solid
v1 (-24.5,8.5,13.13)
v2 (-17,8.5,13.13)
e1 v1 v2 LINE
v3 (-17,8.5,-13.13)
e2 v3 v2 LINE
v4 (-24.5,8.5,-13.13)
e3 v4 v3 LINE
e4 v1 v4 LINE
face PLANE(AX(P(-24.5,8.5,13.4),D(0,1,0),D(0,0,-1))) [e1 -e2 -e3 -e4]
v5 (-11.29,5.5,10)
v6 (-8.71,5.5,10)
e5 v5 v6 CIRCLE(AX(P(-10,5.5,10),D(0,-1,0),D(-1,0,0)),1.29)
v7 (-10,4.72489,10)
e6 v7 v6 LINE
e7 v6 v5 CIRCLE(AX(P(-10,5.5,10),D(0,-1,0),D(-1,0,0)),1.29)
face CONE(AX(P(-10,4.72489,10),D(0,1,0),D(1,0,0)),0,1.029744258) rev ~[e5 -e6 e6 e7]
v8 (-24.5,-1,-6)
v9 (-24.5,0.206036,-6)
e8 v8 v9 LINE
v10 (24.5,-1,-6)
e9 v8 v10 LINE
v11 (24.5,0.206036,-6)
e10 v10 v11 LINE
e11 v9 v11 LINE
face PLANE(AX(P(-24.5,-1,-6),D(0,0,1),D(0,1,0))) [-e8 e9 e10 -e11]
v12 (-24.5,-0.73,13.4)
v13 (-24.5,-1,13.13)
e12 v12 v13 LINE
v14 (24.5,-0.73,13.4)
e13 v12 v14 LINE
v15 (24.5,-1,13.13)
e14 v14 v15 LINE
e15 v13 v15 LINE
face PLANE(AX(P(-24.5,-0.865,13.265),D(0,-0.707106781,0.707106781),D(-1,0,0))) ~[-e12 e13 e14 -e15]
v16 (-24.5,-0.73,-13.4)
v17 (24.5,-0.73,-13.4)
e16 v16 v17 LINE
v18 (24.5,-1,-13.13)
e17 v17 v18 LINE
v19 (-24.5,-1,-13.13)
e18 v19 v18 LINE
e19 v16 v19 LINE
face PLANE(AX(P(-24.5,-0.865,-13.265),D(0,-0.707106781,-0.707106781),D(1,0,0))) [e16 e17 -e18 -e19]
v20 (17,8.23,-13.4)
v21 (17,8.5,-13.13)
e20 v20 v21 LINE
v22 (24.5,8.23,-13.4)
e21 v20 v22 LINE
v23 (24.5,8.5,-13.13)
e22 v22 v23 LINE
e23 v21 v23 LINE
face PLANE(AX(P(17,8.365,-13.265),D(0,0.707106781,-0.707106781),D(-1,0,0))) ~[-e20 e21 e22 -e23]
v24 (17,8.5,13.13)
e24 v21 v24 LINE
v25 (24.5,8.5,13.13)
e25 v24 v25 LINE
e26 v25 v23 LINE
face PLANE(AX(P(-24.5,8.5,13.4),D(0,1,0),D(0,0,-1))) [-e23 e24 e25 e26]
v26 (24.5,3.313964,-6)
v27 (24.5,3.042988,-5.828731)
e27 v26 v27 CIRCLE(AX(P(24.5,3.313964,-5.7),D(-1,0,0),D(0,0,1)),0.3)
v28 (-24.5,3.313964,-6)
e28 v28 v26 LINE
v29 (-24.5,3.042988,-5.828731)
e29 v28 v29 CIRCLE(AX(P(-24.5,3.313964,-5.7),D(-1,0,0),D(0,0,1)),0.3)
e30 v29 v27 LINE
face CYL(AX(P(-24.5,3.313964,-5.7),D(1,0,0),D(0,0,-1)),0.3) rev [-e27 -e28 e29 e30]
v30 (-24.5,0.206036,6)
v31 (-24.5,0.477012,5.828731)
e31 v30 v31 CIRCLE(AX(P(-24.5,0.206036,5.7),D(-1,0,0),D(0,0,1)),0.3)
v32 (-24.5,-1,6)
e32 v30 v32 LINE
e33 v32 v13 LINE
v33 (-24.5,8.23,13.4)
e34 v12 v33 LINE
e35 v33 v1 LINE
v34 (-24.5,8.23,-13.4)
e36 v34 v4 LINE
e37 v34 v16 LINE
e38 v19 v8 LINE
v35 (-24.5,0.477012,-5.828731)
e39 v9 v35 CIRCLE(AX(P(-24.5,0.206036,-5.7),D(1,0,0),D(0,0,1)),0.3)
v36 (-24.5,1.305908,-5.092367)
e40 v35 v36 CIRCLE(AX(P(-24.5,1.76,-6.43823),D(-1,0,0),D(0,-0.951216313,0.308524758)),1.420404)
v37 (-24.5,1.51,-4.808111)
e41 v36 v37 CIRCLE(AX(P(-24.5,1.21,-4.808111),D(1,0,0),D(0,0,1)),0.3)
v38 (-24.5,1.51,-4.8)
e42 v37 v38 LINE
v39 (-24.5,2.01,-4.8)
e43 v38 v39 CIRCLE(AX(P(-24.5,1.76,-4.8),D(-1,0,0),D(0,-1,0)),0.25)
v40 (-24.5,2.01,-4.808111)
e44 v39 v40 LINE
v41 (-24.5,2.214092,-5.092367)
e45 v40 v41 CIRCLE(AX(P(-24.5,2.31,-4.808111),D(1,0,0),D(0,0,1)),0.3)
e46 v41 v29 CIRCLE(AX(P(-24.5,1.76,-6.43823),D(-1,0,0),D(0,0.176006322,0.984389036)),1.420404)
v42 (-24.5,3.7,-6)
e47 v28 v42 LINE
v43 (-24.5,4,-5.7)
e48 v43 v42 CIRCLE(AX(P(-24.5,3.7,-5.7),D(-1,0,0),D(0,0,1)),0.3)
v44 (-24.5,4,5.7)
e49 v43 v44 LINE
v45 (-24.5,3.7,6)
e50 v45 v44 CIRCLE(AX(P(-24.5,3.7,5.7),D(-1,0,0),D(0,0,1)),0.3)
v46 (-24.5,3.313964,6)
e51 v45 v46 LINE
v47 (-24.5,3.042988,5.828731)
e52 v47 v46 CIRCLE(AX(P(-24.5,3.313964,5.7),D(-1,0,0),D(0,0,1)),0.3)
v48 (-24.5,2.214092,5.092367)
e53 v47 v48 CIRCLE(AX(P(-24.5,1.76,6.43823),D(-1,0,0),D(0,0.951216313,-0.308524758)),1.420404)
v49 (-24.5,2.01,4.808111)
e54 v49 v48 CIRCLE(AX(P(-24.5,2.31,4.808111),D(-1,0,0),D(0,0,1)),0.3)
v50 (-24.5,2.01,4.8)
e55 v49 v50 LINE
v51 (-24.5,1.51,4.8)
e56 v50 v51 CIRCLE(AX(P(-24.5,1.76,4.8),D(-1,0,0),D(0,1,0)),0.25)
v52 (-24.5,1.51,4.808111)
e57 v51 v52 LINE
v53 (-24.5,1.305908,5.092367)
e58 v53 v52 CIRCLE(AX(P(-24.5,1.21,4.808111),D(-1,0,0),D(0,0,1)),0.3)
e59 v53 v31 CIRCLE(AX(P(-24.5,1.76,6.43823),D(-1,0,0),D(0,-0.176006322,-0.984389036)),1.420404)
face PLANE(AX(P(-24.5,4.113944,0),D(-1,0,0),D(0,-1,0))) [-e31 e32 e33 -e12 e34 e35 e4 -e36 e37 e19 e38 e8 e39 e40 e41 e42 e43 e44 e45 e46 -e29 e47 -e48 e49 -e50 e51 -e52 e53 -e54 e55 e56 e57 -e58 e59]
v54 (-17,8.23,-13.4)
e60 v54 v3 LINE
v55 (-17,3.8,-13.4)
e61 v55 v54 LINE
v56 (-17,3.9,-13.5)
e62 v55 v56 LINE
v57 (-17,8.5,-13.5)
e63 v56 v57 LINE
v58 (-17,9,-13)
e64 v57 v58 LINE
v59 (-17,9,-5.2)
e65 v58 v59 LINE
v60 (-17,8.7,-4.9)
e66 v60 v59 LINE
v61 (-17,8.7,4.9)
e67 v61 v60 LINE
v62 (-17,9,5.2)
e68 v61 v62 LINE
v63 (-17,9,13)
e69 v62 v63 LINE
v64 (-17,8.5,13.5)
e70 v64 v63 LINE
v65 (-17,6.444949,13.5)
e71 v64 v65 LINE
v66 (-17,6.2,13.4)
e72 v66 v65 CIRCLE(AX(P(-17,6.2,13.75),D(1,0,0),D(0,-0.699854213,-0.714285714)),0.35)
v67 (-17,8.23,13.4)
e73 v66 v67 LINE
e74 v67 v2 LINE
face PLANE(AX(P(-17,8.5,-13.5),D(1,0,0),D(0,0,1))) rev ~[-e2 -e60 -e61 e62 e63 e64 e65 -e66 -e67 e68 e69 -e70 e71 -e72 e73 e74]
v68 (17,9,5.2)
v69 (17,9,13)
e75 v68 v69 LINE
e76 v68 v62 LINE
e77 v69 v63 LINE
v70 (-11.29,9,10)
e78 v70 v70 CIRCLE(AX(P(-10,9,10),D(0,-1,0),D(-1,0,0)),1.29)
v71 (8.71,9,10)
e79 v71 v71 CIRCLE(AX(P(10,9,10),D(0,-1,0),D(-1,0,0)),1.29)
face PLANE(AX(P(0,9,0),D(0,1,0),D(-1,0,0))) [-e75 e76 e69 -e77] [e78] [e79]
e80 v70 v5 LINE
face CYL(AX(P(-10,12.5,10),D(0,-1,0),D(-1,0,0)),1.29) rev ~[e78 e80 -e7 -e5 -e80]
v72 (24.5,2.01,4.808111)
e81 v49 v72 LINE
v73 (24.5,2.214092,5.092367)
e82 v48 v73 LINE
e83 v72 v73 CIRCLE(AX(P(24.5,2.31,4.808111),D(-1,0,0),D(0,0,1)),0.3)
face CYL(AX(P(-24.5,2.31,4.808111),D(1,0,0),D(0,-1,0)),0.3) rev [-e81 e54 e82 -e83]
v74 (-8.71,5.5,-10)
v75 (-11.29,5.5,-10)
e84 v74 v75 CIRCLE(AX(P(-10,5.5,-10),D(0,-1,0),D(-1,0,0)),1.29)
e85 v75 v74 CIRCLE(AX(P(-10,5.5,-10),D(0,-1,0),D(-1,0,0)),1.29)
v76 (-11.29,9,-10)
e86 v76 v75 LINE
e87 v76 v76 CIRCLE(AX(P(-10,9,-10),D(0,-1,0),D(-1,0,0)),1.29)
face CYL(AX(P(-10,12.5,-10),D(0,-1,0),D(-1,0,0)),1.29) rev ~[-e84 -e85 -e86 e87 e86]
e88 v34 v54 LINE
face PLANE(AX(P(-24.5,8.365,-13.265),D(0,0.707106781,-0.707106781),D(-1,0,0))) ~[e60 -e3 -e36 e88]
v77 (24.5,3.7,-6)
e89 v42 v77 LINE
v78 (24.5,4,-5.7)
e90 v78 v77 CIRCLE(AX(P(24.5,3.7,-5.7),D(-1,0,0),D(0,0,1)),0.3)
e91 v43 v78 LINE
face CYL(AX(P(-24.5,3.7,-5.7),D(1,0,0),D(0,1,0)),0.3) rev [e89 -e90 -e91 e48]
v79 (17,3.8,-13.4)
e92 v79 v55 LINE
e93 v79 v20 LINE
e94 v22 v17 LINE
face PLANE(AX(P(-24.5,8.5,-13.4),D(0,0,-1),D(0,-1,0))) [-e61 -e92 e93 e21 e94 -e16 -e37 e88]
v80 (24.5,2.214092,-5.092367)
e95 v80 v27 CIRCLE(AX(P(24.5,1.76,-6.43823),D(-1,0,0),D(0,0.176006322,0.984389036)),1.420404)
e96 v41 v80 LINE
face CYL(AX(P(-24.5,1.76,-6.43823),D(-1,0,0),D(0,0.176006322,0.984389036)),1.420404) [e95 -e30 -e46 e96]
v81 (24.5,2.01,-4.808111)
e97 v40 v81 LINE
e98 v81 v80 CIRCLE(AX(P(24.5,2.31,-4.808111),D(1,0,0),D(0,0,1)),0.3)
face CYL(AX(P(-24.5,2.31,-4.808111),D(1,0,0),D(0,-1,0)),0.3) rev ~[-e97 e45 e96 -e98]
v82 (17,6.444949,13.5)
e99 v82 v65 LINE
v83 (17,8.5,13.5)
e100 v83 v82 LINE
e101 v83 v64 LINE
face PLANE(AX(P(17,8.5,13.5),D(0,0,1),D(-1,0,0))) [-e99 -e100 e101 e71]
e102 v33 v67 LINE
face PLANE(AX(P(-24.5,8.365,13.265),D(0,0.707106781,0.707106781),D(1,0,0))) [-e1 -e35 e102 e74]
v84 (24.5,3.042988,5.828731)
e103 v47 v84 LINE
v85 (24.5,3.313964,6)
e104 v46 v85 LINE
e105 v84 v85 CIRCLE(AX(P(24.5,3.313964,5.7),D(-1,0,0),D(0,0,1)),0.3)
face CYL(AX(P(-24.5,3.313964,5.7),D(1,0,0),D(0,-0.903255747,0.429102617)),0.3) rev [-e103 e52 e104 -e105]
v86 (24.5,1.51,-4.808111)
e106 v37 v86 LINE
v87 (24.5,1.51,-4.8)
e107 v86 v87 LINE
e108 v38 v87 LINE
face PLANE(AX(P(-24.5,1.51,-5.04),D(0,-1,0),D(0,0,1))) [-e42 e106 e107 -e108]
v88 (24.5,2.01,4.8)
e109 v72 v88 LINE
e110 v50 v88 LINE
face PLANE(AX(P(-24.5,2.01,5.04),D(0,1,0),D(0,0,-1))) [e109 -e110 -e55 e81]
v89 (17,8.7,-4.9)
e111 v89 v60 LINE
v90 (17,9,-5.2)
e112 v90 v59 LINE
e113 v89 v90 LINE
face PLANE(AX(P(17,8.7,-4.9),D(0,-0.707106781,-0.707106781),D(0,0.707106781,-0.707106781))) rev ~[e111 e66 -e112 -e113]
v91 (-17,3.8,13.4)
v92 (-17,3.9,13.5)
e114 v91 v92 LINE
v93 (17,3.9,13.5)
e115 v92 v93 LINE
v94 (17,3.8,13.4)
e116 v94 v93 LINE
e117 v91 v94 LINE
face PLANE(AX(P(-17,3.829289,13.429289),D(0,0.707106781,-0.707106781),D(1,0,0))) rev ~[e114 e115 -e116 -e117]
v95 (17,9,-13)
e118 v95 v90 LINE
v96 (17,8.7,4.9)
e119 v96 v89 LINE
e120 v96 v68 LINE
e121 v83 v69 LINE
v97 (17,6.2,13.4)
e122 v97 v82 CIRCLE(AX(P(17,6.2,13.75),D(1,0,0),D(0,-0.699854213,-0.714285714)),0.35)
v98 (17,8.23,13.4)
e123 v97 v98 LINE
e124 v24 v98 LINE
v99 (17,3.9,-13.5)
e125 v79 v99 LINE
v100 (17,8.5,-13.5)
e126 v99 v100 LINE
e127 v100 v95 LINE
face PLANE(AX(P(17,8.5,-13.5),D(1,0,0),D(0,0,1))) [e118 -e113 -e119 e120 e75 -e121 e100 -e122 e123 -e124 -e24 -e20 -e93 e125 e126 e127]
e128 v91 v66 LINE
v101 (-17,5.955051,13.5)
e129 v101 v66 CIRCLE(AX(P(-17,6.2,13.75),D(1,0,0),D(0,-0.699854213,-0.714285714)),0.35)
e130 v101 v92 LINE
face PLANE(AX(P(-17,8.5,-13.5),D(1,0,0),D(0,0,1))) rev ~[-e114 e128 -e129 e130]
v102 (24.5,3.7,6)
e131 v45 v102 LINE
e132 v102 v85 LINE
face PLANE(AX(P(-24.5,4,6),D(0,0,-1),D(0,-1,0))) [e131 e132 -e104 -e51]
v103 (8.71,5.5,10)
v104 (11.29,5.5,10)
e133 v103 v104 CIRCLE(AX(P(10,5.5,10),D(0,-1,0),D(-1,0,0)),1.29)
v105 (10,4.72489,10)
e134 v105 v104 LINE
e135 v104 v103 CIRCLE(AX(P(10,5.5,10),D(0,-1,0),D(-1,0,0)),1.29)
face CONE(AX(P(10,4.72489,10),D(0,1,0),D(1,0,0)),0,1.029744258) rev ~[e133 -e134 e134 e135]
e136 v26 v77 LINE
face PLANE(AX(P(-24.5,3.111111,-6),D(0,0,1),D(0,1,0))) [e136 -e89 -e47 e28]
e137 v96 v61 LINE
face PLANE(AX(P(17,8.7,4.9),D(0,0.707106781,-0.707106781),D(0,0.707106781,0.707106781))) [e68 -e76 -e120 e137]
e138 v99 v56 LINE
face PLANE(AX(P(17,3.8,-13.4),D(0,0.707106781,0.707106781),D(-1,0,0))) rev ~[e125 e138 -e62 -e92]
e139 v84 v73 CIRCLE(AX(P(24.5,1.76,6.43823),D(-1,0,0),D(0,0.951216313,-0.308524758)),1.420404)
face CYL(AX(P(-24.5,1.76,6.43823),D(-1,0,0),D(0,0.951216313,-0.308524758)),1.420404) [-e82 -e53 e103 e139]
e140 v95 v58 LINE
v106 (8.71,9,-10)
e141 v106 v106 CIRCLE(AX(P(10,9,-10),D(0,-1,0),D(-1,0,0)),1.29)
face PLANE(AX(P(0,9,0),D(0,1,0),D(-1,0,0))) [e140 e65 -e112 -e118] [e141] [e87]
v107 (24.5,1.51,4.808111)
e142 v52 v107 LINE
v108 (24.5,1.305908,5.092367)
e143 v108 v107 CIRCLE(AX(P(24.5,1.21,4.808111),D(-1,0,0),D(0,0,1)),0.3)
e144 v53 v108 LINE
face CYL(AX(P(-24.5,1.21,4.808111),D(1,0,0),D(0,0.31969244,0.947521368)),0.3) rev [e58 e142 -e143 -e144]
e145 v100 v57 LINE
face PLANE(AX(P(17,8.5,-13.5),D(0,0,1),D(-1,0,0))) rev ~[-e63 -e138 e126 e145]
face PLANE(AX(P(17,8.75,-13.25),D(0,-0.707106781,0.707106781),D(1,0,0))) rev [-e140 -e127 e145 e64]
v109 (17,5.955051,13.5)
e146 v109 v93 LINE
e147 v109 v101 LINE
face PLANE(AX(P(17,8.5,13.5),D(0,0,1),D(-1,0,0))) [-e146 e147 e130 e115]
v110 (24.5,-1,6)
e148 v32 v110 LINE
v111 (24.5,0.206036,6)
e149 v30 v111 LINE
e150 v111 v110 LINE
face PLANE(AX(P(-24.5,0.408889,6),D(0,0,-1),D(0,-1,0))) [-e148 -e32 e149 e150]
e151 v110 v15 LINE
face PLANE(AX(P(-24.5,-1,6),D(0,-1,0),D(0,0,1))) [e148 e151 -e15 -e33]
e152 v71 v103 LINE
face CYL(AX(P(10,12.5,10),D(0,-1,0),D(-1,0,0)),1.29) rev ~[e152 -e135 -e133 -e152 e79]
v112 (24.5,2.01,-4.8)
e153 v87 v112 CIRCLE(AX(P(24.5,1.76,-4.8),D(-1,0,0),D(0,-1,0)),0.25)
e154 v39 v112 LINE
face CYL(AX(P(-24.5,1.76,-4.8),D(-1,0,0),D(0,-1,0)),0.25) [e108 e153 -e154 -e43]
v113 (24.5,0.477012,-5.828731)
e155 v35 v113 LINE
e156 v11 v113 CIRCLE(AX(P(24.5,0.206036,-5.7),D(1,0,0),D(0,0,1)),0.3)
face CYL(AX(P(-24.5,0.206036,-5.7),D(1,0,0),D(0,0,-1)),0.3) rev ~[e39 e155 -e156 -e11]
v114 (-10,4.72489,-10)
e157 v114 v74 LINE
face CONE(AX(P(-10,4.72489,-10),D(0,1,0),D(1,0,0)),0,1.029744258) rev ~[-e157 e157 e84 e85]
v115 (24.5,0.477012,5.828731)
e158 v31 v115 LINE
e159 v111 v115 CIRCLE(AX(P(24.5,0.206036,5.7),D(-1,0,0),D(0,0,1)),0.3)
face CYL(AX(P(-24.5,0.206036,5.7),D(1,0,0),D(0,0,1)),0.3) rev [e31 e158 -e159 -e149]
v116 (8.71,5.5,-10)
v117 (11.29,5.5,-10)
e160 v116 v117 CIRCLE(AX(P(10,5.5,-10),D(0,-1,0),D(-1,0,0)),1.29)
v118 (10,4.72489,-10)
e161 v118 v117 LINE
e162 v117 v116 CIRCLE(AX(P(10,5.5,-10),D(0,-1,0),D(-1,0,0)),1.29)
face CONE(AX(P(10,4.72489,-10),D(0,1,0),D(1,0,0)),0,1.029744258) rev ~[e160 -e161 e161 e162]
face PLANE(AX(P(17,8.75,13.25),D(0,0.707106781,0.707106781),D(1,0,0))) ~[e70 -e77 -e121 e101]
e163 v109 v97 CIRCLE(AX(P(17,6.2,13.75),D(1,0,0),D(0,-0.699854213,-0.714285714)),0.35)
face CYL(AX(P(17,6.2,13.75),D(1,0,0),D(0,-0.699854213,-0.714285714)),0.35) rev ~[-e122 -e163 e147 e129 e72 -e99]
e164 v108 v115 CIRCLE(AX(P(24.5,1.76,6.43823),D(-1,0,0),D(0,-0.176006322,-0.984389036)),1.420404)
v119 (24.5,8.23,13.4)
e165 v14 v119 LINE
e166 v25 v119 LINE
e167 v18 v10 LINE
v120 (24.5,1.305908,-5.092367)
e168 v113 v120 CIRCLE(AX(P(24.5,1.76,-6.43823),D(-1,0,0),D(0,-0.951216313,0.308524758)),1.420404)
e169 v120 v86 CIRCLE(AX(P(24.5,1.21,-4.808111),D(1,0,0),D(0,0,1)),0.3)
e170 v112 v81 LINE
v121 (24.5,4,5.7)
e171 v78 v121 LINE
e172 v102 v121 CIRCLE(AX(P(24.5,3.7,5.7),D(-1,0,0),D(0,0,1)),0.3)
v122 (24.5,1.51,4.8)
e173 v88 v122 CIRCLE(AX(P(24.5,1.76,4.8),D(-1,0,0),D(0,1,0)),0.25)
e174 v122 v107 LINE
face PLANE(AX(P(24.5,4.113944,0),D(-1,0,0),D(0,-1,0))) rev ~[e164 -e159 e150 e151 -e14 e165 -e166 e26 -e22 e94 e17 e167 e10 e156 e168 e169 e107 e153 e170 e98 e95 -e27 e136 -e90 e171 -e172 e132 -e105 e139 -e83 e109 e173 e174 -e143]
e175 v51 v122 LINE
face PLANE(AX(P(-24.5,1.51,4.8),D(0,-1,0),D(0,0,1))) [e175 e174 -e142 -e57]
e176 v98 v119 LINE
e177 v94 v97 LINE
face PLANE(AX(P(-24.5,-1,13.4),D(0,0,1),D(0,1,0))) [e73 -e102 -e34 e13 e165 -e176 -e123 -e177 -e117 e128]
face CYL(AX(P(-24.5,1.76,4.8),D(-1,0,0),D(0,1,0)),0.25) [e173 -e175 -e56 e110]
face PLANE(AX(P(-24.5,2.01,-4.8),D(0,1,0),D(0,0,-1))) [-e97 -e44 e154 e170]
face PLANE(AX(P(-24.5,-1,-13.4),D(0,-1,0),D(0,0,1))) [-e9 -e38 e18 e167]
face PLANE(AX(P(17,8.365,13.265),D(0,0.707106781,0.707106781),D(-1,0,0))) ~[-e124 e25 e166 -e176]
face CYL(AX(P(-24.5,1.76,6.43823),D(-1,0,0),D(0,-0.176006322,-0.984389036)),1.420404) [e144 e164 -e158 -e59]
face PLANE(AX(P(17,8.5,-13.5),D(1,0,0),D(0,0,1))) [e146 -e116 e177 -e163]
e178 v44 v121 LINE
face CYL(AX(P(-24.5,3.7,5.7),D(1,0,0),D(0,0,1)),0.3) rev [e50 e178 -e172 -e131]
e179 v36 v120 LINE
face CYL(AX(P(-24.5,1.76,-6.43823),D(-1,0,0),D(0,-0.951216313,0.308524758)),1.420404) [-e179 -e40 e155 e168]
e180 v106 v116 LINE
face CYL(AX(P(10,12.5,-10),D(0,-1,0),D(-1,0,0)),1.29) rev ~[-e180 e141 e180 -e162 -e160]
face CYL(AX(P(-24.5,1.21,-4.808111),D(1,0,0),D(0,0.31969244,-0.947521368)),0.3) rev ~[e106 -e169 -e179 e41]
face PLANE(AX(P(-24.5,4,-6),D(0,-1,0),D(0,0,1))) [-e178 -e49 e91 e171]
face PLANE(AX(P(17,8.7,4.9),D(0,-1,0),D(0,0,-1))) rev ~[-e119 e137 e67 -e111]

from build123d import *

# Parameters (mm, degrees)
EXTRUDE_1_DEPTH        = 49
SKETCH_2_W             = 34
SKETCH_2_H             = 4.7
EXTRUDE_2_DEPTH        = 0.1
SKETCH_3_W             = 34
SKETCH_3_H             = 4.6
EXTRUDE_3_DEPTH        = 0.1
SKETCH_4_W             = 34
SKETCH_4_H             = 27
EXTRUDE_4_DEPTH        = 0.5
CUT_EXTRUDE_1_DEPTH    = 34
SKETCH_6_W             = 9.8
SKETCH_6_H             = 0.3
CUT_EXTRUDE_2_DEPTH    = 45.558949718
DRAFT_1_ANGLE          = 45
DRAFT_2_ANGLE          = 45
DRAFT_3_ANGLE          = 45
HOLE_WIZARD_M2_1_D     = 2.58
HOLE_WIZARD_M2_1_DEPTH = 3.5
HOLE_WIZARD_M2_1_TIP   = 0.775110199
CHAMFER_1_SIZE         = 0.27
CHAMFER_2_SIZE         = 0.5
FILLET_1_R             = 0.3


with BuildPart() as part:
    # 草图1 → 凸台-拉伸1 (new body)
    with BuildSketch(Plane(origin=(-24.5, 0, 0), x_dir=(0, -1, 0), z_dir=(-1, 0, 0))):
        with BuildLine():
            Line((1, 13.4), (-8.5, 13.4))
            Line((-8.5, 13.4), (-8.5, -13.4))
            Line((-8.5, -13.4), (1, -13.4))
            Line((1, -13.4), (1, -6))
            Line((1, -6), (-0.408889, -6))
            ThreePointArc((-0.408889, -6), (-0.826571316, -5.367595703), (-1.51, -5.04))
            Line((-1.51, -5.04), (-1.51, -4.8))
            ThreePointArc((-1.51, -4.8), (-1.76, -4.55), (-2.01, -4.8))
            Line((-2.01, -4.8), (-2.01, -5.04))
            ThreePointArc((-2.01, -5.04), (-2.693428684, -5.367595703), (-3.111111, -6))
            Line((-3.111111, -6), (-4, -6))
            Line((-4, -6), (-4, 6))
            Line((-4, 6), (-3.111111, 6))
            ThreePointArc((-3.111111, 6), (-2.693428684, 5.367595703), (-2.01, 5.04))
            Line((-2.01, 5.04), (-2.01, 4.8))
            ThreePointArc((-2.01, 4.8), (-1.76, 4.55), (-1.51, 4.8))
            Line((-1.51, 4.8), (-1.51, 5.04))
            ThreePointArc((-1.51, 5.04), (-0.826571316, 5.367595703), (-0.408889, 6))
            Line((-0.408889, 6), (1, 6))
            Line((1, 6), (1, 13.4))
        make_face()
    extrude(amount=-EXTRUDE_1_DEPTH)

    # 草图2 → 凸台-拉伸2 (add)
    with BuildSketch(Plane(origin=(0, 0, -13.4), x_dir=(-1, 0, 0), z_dir=(0, 0, -1))):
        with Locations((0, 6.15)):
            Rectangle(SKETCH_2_W, SKETCH_2_H)
    extrude(amount=EXTRUDE_2_DEPTH)

    # 草图3 → 凸台-拉伸3 (add)
    with BuildSketch(Plane.XY.offset(13.4)):
        with Locations((0, 6.2)):
            Rectangle(SKETCH_3_W, SKETCH_3_H)
    extrude(amount=EXTRUDE_3_DEPTH)

    # 草图4 → 凸台-拉伸4 (add)
    with BuildSketch(Plane(origin=(0, 8.5, 0), x_dir=(-1, 0, 0), z_dir=(0, 1, 0))):
        Rectangle(SKETCH_4_W, SKETCH_4_H)
    extrude(amount=EXTRUDE_4_DEPTH)

    # 草图5 → 切除-拉伸1 (cut)
    with BuildSketch(Plane(origin=(17, 0, 0), x_dir=(0, 0, -1), z_dir=(1, 0, 0))):
        with BuildLine():
            Line((-13.5, 6.444948974), (-13.5, 5.955051026))
            ThreePointArc((-13.5, 5.955051026), (-13.4, 6.2), (-13.5, 6.444948974))
        make_face()
    extrude(amount=-CUT_EXTRUDE_1_DEPTH, mode=Mode.SUBTRACT)

    # 草图6 → 切除-拉伸2 (cut, through all)
    with BuildSketch(Plane(origin=(17, 0, 0), x_dir=(0, 0, -1), z_dir=(1, 0, 0))):
        with Locations((0, 8.85)):
            Rectangle(SKETCH_6_W, SKETCH_6_H)
    extrude(amount=-CUT_EXTRUDE_2_DEPTH, mode=Mode.SUBTRACT)

    # 拔模1
    draft_1_faces = [part.faces().sort_by_distance(p)[0] for p in [
        (0, 3.9, 13.45),
    ]]
    draft(draft_1_faces, Plane.XY.offset(13.5), DRAFT_1_ANGLE)

    # 拔模2
    draft_2_faces = [part.faces().sort_by_distance(p)[0] for p in [
        (0, 3.8, -13.45),
    ]]
    draft(draft_2_faces, Plane(origin=(24.5, 8.5, -13.4), x_dir=(-1, 0, 0), z_dir=(0, 0, -1)), DRAFT_2_ANGLE)

    # 拔模3
    draft_3_faces = [part.faces().sort_by_distance(p)[0] for p in [
        (0, 8.85, 4.9),
        (0, 8.85, -4.9),
    ]]
    draft(draft_3_faces, Plane(origin=(-24.5, 8.7, 4.9), x_dir=(0, 0, 1), z_dir=(0, 1, 0)), DRAFT_3_ANGLE)

    # M2 间隙孔1
    with Locations(Plane(origin=(0, 9, 0), x_dir=(1, 0, 0), z_dir=(0, 1, 0))):
        with Locations((10, -10), (-10, -10), (-10, 10), (10, 10)):
            Hole(HOLE_WIZARD_M2_1_D / 2, depth=HOLE_WIZARD_M2_1_DEPTH)
            with Locations((0, 0, -(HOLE_WIZARD_M2_1_DEPTH + HOLE_WIZARD_M2_1_TIP / 2))):  # 118° drill point
                Cone(0, HOLE_WIZARD_M2_1_D / 2, HOLE_WIZARD_M2_1_TIP, mode=Mode.SUBTRACT)

    # 倒角1
    chamfer_1_edges = [part.edges().sort_by_distance(p)[0] for p in [
        (0, -1, -13.4),
        (20.75, 8.5, -13.4),
        (20.75, 8.5, 13.4),
        (0, -1, 13.4),
        (-20.75, 8.5, -13.4),
        (-20.75, 8.5, 13.4),
    ]]
    chamfer(chamfer_1_edges, length=CHAMFER_1_SIZE)

    # 倒角2
    chamfer_2_edges = [part.edges().sort_by_distance(p)[0] for p in [
        (0, 9, 13.5),
        (0, 9, -13.5),
    ]]
    chamfer(chamfer_2_edges, length=CHAMFER_2_SIZE)

    # 圆角1
    fillet_1_edges = [part.edges().sort_by_distance(p)[0] for p in [
        (0, 0.408889, 6),
        (0, 1.51, 5.04),
        (0, 2.01, 5.04),
        (0, 3.111111, 6),
        (0, 4, 6),
        (0, 4, -6),
        (0, 3.111111, -6),
        (0, 2.01, -5.04),
        (0, 1.51, -5.04),
        (0, 0.408889, -6),
    ]]
    fillet(fillet_1_edges, radius=FILLET_1_R)


solid = part.part
